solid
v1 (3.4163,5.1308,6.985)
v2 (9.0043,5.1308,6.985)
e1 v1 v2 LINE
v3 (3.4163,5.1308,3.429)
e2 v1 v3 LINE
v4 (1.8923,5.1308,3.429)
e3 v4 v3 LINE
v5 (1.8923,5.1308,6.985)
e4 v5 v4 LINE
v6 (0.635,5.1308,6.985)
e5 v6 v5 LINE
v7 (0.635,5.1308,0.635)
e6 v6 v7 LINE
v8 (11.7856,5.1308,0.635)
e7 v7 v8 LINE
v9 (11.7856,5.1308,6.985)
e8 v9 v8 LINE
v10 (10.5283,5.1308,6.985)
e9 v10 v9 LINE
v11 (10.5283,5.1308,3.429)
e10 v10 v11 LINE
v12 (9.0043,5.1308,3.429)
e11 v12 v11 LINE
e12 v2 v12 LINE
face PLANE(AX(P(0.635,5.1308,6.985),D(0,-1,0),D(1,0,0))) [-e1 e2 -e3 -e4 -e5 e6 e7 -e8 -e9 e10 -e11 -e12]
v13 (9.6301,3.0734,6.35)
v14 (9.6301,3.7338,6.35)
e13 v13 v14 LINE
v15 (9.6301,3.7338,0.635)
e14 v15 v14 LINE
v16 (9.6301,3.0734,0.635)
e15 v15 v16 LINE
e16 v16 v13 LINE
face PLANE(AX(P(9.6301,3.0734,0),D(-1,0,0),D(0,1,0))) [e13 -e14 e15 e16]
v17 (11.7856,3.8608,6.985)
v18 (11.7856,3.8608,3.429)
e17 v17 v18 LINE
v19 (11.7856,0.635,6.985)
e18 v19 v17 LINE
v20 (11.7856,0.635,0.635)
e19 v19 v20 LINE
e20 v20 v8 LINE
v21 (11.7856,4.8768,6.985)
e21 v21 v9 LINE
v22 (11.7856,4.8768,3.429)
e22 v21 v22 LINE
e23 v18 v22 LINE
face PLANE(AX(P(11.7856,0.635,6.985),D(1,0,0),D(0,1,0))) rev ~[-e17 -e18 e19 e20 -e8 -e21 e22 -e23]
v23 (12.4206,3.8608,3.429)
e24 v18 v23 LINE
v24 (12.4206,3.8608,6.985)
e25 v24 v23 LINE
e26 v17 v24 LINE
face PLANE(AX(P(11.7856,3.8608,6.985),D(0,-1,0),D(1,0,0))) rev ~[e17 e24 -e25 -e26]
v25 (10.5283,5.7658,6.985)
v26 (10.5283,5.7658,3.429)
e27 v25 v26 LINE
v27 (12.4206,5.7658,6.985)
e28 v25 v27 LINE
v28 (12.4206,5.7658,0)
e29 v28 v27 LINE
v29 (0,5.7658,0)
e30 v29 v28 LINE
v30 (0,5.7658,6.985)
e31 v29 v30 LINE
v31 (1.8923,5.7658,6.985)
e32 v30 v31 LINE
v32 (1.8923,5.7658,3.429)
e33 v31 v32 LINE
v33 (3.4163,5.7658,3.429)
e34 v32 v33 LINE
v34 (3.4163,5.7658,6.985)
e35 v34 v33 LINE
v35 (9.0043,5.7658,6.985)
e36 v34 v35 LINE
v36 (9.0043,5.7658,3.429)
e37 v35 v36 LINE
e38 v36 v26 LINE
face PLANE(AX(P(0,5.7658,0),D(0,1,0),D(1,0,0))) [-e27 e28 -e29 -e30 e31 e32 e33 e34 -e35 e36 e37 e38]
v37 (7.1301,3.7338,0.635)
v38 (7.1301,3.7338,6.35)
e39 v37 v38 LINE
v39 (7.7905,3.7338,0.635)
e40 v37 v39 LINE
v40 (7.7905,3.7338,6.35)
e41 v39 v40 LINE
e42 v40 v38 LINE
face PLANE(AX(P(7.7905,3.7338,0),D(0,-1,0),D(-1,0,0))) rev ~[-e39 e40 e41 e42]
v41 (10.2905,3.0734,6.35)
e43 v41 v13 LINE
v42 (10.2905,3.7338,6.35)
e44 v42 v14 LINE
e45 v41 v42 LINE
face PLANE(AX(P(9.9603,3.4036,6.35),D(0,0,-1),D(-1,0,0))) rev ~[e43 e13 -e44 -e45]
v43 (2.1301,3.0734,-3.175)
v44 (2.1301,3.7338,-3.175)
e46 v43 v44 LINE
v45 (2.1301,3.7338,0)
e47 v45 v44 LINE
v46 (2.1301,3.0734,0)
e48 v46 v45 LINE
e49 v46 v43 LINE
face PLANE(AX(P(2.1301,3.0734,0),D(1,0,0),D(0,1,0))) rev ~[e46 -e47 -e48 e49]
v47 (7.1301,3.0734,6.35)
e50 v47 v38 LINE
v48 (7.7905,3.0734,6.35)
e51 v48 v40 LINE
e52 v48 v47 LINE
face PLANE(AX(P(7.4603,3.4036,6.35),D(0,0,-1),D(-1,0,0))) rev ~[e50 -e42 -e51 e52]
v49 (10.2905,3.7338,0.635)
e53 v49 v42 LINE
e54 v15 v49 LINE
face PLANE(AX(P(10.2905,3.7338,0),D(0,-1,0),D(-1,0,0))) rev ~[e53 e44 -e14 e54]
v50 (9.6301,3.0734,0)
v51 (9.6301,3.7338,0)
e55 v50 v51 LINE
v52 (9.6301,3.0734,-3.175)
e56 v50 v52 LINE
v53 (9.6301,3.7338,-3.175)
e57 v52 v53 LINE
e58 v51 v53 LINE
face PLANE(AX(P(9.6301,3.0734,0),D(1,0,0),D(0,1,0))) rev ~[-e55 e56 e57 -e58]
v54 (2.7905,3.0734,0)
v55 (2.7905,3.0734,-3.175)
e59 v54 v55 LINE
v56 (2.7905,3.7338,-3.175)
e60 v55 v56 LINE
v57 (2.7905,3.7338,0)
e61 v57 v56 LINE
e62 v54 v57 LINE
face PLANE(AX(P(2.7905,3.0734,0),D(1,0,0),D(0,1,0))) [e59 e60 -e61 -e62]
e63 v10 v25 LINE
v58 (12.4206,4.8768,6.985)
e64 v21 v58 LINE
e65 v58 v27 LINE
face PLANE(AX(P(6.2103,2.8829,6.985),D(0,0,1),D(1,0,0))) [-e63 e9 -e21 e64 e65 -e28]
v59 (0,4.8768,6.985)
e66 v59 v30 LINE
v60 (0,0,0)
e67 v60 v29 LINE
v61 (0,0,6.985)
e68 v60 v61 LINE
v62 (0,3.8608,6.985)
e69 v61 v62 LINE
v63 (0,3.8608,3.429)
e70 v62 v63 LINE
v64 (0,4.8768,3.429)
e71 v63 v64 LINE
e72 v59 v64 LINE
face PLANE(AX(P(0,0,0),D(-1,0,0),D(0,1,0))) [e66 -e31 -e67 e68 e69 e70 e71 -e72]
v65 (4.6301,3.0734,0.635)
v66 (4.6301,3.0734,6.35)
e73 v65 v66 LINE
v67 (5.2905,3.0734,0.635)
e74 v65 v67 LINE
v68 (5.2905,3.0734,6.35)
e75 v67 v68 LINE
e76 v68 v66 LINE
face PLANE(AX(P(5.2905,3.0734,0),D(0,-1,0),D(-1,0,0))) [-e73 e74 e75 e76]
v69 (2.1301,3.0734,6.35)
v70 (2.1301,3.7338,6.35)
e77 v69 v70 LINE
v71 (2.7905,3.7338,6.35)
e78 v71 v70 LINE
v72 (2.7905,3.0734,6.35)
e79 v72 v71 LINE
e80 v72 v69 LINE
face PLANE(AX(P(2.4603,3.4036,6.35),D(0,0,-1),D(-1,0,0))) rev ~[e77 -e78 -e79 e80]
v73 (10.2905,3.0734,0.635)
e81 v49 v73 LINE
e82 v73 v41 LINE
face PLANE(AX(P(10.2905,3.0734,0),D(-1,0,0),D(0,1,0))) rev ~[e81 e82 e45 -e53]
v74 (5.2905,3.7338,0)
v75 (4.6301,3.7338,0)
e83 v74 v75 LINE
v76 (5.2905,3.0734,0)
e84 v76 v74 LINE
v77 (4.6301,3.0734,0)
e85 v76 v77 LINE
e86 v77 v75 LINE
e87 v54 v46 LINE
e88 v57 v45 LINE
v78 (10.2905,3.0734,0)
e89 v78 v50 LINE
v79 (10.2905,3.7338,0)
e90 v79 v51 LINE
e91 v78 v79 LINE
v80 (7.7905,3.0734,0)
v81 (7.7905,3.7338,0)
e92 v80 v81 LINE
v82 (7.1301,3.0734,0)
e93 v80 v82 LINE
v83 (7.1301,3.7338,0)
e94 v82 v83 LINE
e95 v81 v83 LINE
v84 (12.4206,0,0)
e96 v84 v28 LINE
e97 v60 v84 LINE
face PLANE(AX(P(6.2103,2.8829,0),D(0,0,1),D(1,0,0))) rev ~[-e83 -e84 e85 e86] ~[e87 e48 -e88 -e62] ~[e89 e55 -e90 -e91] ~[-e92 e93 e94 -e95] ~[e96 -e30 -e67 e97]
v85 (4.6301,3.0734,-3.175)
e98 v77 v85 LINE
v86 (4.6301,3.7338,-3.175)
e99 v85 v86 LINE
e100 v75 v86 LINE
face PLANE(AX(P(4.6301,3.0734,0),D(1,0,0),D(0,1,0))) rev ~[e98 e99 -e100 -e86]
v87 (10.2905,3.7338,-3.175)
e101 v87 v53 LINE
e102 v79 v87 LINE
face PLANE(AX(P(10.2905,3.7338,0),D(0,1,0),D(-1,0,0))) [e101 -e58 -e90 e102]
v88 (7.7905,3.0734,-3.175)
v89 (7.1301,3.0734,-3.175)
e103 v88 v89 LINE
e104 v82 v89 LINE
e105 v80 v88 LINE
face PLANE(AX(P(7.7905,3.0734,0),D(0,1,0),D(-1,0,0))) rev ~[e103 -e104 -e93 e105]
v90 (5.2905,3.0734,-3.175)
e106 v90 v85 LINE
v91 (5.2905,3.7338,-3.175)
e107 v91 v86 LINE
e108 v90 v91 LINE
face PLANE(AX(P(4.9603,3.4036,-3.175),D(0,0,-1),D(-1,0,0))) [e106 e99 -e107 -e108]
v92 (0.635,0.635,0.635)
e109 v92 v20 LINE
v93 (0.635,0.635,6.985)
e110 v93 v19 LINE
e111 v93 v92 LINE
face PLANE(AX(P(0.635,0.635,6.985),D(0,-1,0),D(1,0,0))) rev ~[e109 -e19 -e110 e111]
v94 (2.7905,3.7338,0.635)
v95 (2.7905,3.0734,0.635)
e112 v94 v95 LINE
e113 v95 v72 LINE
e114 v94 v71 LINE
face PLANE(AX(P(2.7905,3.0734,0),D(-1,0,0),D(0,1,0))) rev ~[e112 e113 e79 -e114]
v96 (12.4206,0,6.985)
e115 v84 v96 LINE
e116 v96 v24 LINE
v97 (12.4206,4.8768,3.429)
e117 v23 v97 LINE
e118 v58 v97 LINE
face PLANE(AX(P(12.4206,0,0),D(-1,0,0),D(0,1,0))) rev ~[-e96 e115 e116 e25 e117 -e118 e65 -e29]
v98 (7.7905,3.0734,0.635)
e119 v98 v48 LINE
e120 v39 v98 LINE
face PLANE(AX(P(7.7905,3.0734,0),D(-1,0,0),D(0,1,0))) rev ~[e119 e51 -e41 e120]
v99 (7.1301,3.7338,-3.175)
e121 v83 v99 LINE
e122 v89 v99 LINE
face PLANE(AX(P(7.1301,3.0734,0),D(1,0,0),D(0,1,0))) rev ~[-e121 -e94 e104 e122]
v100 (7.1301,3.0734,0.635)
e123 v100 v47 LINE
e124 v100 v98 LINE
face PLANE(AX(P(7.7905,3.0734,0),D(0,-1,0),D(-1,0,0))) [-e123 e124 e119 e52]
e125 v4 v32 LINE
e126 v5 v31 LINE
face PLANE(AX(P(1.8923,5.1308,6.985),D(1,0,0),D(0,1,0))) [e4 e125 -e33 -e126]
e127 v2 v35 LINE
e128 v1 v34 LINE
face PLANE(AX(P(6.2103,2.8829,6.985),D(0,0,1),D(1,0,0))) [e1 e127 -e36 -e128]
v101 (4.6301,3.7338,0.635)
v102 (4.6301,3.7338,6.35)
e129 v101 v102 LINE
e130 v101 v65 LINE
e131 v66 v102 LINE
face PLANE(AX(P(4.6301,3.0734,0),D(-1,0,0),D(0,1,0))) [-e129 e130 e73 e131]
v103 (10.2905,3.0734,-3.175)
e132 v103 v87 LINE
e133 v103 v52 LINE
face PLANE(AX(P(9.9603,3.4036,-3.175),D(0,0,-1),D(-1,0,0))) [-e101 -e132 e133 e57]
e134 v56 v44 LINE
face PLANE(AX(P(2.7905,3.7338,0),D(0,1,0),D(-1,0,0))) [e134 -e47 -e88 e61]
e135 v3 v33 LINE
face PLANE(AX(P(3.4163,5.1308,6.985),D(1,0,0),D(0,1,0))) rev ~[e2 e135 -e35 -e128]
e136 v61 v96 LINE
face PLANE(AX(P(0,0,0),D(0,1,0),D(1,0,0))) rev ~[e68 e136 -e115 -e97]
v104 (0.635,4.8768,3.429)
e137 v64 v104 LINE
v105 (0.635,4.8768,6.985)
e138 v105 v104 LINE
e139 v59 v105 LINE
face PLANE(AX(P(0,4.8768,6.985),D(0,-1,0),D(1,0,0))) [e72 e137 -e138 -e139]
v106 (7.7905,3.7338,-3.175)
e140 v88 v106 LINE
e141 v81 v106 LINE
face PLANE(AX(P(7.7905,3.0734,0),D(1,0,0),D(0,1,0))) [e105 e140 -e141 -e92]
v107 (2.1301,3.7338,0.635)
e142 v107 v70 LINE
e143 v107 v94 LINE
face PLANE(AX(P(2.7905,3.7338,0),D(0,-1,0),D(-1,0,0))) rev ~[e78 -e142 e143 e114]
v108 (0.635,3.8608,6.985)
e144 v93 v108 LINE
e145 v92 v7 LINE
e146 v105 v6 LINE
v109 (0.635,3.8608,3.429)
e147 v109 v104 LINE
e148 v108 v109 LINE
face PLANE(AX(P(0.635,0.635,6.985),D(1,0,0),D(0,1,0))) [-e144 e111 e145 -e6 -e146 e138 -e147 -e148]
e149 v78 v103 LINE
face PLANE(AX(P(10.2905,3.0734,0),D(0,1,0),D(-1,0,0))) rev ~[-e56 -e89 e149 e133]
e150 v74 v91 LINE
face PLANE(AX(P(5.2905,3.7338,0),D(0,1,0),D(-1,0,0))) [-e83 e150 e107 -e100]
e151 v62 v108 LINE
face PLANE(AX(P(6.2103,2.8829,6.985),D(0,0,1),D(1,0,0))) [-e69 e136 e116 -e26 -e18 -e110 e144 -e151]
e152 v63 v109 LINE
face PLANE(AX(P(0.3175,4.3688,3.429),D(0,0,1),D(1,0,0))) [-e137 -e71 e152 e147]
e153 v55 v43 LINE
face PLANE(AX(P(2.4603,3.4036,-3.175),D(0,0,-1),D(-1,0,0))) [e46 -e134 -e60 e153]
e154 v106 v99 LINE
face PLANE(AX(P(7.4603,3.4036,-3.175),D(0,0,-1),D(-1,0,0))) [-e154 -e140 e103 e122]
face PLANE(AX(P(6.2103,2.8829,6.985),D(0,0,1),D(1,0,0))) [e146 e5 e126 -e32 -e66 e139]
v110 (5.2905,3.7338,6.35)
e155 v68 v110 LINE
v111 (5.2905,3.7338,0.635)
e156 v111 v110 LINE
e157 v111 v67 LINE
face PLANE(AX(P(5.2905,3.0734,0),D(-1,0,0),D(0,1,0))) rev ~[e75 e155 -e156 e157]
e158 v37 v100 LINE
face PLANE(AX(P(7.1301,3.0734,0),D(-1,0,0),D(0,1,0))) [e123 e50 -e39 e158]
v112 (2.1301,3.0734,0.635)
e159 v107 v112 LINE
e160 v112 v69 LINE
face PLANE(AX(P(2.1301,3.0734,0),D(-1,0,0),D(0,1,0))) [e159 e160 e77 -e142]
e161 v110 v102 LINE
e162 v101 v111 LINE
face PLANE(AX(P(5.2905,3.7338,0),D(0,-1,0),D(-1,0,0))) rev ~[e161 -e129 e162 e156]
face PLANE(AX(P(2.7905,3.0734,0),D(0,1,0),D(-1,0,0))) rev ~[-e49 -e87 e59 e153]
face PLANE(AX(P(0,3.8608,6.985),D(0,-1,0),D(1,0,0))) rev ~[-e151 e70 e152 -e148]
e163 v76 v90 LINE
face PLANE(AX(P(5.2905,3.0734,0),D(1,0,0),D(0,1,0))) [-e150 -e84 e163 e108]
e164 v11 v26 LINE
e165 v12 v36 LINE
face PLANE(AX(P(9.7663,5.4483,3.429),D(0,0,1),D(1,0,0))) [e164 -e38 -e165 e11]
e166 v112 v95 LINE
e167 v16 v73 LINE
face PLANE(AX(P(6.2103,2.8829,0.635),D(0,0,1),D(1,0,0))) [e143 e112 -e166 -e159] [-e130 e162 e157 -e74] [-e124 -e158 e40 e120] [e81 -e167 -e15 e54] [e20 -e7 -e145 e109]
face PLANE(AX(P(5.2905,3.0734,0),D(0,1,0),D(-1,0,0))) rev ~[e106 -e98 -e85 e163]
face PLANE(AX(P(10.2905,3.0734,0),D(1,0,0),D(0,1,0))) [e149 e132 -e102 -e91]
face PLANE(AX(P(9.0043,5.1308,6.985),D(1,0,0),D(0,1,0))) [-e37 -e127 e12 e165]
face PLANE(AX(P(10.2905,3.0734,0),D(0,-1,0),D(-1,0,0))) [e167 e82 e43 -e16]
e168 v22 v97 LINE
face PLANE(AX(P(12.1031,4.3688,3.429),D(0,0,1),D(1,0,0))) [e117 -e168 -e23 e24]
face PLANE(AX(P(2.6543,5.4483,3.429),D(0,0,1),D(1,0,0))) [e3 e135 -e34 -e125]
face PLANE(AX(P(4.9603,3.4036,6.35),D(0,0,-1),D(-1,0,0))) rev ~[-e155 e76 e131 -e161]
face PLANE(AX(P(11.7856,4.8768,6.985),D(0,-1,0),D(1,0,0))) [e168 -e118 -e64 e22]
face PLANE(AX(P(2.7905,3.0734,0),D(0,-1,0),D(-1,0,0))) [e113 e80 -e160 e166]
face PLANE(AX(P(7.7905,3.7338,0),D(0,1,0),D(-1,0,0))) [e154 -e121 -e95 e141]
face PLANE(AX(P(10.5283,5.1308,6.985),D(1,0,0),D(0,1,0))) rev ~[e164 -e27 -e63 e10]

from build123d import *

# Parameters (mm, degrees)
SKETCH1_W           = 12.4206
SKETCH1_H           = 5.7658
BOSS_EXTRUDE1_DEPTH = 6.985
SKETCH2_W           = 0.6604
SKETCH2_H           = 0.6604
BOSS_EXTRUDE2_DEPTH = 3.175
SKETCH4_W           = 11.1506
SKETCH4_H           = 4.4958
CUT_EXTRUDE1_DEPTH  = 6.35
SKETCH2_2_W         = 0.6604
SKETCH2_2_H         = 0.6604
BOSS_EXTRUDE3_DEPTH = 6.35
SKETCH5_W           = 0.635
SKETCH5_H           = 1.016
SKETCH5_W_2         = 1.524
SKETCH5_H_2         = 0.635
CUT_EXTRUDE2_DEPTH  = 3.556


with BuildPart() as part:
    # Sketch1 → Boss-Extrude1 (new body)
    with BuildSketch(Plane.XY):
        with Locations((6.2103, 2.8829)):
            Rectangle(SKETCH1_W, SKETCH1_H)
    extrude(amount=BOSS_EXTRUDE1_DEPTH)

    # Sketch2 → Boss-Extrude2 (add)
    with BuildSketch(Plane(origin=(0, 0, 0), x_dir=(-1, 0, 0), z_dir=(0, 0, -1))):
        with Locations((-9.9603, 3.4036)):
            Rectangle(SKETCH2_W, SKETCH2_H)
        with Locations((-7.4603, 3.4036)):
            Rectangle(SKETCH2_W, SKETCH2_H)
        with Locations((-4.9603, 3.4036)):
            Rectangle(SKETCH2_W, SKETCH2_H)
        with Locations((-2.4603, 3.4036)):
            Rectangle(SKETCH2_W, SKETCH2_H)
    extrude(amount=BOSS_EXTRUDE2_DEPTH)

    # Sketch4 → Cut-Extrude1 (cut)
    with BuildSketch(Plane.XY.offset(6.985)):
        with Locations((6.2103, 2.8829)):
            Rectangle(SKETCH4_W, SKETCH4_H)
    extrude(amount=-CUT_EXTRUDE1_DEPTH, mode=Mode.SUBTRACT)

    # Sketch2<2> → Boss-Extrude3 (add)
    with BuildSketch(Plane(origin=(0, 0, 0), x_dir=(-1, 0, 0), z_dir=(0, 0, -1))):
        with Locations((-9.9603, 3.4036)):
            Rectangle(SKETCH2_2_W, SKETCH2_2_H)
        with Locations((-7.4603, 3.4036)):
            Rectangle(SKETCH2_2_W, SKETCH2_2_H)
        with Locations((-4.9603, 3.4036)):
            Rectangle(SKETCH2_2_W, SKETCH2_2_H)
        with Locations((-2.4603, 3.4036)):
            Rectangle(SKETCH2_2_W, SKETCH2_2_H)
    extrude(amount=-BOSS_EXTRUDE3_DEPTH)

    # Sketch5 → Cut-Extrude2 (cut)
    with BuildSketch(Plane.XY.offset(6.985)):
        with Locations((0.3175, 4.3688)):
            Rectangle(SKETCH5_W, SKETCH5_H)
        with Locations((12.1031, 4.3688)):
            Rectangle(SKETCH5_W, SKETCH5_H)
        with Locations((9.7663, 5.4483)):
            Rectangle(SKETCH5_W_2, SKETCH5_H_2)
        with Locations((2.6543, 5.4483)):
            Rectangle(SKETCH5_W_2, SKETCH5_H_2)
    extrude(amount=-CUT_EXTRUDE2_DEPTH, mode=Mode.SUBTRACT)


solid = part.part
